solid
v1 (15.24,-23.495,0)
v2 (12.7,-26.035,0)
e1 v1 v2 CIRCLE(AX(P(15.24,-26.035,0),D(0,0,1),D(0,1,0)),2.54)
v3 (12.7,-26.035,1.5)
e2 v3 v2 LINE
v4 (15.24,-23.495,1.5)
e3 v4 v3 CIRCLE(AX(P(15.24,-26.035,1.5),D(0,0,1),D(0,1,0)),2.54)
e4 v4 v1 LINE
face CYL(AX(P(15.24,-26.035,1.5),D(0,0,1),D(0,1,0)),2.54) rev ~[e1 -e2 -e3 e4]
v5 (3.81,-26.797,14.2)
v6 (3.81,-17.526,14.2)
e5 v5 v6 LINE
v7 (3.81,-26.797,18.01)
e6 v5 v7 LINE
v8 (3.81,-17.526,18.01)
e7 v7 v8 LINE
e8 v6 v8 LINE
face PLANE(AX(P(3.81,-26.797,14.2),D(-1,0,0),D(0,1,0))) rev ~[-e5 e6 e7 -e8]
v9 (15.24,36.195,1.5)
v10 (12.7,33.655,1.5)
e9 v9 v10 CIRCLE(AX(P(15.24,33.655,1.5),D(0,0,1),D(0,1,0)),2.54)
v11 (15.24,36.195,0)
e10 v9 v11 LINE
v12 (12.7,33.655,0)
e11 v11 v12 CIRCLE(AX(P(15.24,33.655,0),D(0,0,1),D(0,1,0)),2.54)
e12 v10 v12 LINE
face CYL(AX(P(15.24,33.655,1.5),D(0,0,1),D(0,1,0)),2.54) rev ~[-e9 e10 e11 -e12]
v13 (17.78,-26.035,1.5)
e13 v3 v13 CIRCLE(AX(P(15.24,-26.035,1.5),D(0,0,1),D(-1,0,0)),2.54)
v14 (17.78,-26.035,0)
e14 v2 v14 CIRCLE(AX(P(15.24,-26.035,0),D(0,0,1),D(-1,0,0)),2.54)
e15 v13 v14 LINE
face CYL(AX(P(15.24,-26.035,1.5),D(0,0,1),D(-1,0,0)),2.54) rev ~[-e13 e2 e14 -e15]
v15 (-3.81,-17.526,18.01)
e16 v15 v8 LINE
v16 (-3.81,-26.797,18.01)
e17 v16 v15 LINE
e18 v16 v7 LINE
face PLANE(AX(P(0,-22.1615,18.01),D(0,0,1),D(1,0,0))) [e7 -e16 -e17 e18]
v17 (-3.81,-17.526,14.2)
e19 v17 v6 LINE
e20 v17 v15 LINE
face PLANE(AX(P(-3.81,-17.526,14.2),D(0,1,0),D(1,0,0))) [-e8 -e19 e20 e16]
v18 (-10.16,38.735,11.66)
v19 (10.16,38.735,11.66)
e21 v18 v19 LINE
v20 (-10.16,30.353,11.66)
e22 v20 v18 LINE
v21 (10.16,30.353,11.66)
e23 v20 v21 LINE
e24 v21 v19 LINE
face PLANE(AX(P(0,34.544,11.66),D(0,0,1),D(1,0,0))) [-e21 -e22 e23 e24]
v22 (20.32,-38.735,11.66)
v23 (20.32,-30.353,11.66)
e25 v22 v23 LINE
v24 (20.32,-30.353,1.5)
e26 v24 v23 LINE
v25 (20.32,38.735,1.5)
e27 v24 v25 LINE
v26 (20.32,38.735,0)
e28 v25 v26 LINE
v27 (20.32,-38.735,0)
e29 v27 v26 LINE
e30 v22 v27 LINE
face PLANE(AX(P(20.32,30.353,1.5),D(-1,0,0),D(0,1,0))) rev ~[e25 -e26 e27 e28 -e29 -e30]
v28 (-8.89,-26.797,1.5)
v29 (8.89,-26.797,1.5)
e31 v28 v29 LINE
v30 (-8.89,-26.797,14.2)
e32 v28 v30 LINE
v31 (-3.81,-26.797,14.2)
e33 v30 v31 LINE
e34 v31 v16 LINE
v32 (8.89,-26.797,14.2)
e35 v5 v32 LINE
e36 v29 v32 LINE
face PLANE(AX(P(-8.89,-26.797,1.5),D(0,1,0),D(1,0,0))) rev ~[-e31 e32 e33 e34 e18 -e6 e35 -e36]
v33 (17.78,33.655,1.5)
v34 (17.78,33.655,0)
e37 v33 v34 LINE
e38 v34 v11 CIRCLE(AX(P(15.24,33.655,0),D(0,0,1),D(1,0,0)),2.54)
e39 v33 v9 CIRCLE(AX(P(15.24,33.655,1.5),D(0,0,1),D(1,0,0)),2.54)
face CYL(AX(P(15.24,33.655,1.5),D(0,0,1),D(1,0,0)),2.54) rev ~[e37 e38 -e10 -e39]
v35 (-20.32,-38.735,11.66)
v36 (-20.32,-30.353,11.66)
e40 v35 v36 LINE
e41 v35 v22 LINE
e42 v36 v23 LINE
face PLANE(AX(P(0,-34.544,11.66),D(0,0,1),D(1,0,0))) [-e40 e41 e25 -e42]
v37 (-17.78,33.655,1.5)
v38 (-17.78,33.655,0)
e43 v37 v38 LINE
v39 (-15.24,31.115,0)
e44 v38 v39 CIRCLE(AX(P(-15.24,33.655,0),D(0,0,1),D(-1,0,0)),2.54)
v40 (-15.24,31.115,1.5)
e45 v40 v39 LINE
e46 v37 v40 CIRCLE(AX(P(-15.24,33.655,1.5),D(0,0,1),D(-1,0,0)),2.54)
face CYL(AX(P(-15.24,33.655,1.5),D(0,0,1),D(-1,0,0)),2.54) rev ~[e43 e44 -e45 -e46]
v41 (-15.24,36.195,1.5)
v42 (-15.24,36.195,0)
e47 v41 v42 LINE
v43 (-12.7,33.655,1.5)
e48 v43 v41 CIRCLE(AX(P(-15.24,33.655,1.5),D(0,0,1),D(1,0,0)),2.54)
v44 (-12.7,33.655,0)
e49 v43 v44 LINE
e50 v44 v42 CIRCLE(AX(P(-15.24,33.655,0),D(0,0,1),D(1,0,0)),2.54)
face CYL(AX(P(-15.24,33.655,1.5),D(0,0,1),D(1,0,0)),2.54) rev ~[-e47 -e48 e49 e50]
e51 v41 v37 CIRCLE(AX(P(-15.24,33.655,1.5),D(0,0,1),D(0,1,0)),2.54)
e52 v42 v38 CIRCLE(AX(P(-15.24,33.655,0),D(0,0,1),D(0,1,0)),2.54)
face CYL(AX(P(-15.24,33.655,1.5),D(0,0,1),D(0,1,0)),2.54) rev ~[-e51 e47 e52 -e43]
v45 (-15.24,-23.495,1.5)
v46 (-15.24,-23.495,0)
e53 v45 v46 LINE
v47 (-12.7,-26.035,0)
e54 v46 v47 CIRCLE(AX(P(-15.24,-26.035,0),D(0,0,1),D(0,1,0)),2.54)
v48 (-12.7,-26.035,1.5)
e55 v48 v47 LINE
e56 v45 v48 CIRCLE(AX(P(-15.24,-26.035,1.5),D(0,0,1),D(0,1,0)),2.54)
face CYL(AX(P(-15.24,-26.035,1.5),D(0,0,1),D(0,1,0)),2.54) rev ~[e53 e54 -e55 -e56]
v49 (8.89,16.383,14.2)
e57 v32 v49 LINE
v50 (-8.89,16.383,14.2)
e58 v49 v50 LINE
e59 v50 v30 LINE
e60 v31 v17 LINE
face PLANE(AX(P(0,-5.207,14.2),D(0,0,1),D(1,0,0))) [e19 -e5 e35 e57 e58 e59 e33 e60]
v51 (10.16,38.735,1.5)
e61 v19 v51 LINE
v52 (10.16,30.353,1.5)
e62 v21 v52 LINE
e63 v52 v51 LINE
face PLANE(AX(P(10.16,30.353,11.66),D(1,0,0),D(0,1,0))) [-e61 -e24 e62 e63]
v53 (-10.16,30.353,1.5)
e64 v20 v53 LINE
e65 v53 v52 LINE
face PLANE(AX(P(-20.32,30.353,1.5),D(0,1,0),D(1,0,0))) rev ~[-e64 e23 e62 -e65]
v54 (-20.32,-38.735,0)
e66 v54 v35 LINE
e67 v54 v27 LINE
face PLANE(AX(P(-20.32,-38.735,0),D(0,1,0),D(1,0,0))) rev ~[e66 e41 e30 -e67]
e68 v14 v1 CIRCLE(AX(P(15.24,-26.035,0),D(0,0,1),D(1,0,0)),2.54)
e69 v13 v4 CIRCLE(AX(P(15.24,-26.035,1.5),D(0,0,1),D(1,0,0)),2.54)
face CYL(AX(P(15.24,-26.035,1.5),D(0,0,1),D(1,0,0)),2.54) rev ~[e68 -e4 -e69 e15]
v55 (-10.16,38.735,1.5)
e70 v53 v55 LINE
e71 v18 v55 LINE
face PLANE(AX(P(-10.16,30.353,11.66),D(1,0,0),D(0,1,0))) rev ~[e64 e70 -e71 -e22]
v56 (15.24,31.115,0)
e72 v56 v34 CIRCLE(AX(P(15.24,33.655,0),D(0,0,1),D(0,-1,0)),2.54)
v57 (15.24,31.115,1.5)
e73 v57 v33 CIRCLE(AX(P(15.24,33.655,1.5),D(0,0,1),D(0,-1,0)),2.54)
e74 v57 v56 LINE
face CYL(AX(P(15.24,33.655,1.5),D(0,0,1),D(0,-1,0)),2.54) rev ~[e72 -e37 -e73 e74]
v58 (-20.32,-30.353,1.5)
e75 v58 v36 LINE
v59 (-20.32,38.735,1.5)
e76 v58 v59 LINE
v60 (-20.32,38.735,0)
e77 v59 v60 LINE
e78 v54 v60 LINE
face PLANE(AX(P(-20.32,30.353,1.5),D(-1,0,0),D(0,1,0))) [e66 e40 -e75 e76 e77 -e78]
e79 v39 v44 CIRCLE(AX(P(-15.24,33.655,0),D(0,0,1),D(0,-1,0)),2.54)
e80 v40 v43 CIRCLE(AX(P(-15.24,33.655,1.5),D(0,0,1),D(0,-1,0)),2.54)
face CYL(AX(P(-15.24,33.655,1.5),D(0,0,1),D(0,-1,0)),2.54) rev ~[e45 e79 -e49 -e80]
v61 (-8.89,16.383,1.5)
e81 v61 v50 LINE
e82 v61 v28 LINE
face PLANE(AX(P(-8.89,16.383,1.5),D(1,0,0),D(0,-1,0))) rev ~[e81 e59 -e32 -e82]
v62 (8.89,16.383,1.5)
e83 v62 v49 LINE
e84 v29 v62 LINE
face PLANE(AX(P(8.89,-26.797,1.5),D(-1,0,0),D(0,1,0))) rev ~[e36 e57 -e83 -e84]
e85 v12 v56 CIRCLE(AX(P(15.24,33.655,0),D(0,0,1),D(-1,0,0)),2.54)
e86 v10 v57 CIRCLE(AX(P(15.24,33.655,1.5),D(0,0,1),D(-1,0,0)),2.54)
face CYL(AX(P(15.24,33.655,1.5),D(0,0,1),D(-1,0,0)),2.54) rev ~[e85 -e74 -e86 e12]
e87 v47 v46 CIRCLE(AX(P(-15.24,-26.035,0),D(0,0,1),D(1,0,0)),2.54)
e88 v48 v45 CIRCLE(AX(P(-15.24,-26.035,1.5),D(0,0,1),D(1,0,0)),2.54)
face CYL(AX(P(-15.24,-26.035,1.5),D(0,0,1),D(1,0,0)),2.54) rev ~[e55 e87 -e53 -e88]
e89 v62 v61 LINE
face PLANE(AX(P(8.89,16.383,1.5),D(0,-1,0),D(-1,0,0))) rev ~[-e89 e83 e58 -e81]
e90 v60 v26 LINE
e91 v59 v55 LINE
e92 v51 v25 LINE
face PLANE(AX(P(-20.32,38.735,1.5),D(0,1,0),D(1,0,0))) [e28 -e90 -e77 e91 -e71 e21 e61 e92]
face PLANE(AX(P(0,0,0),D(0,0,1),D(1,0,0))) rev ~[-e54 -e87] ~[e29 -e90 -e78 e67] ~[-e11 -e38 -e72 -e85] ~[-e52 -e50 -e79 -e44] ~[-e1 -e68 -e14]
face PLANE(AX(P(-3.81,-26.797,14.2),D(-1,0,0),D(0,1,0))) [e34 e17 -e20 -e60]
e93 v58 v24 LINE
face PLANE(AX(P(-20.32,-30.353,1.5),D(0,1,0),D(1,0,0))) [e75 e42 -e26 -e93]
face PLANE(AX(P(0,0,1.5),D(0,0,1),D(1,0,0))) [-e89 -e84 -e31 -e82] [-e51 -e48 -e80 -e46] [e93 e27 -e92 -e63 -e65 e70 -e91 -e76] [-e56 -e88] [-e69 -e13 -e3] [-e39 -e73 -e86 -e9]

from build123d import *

# Parameters (mm, degrees)
F0_W      = 40.64
F0_H      = 77.47
F1_DEPTH  = 1.5
F2_W      = 40.64
F2_H      = 8.382
F3_DEPTH  = 10.16
F4_W      = 10.16
F4_H      = 8.382
F5_DEPTH  = 10.16
F7_DEPTH  = 1.5
F9_DEPTH  = 12.7
F10_W     = 7.62
F10_H     = 9.271
F11_DEPTH = 3.81


with BuildPart() as f1:
    # F0 (on Top) → F1 (new body)
    with BuildSketch(Plane.XY):
        Rectangle(F0_W, F0_H)
    extrude(amount=F1_DEPTH)

    # F2 (on face) → F3 (join)
    with BuildSketch(Plane.XY.offset(1.5)):
        with Locations((0, 34.544)):
            Rectangle(F2_W, F2_H)
        with Locations((0, -34.544)):
            Rectangle(F2_W, F2_H)
    extrude(amount=F3_DEPTH)

    # F4 (on face) → F5 (cut, through all)
    with BuildSketch(Plane.XY.offset(11.66)):
        with Locations((-15.24, 34.544)):
            Rectangle(F4_W, F4_H)
        with Locations((15.24, 34.544)):
            Rectangle(F4_W, F4_H)
    extrude(amount=-F5_DEPTH, mode=Mode.SUBTRACT)

    # F6 (on face) → F7 (cut, through all)
    with BuildSketch(Plane.XY.offset(1.5)):
        with BuildLine():
            ThreePointArc((-15.24, 31.115), (-13.4439487758, 31.8589487758), (-12.7, 33.655))
            ThreePointArc((-12.7, 33.655), (-13.4439487758, 35.4510512242), (-15.24, 36.195))
            ThreePointArc((-15.24, 36.195), (-17.0360512242, 35.4510512242), (-17.78, 33.655))
            ThreePointArc((-17.78, 33.655), (-17.0360512242, 31.8589487758), (-15.24, 31.115))
        make_face()
        with BuildLine():
            ThreePointArc((15.24, 36.195), (13.4439487758, 35.4510512242), (12.7, 33.655))
            ThreePointArc((12.7, 33.655), (13.4439487758, 31.8589487758), (15.24, 31.115))
            ThreePointArc((15.24, 31.115), (17.0360512242, 31.8589487758), (17.78, 33.655))
            ThreePointArc((17.78, 33.655), (17.0360512242, 35.4510512242), (15.24, 36.195))
        make_face()
        with BuildLine():
            ThreePointArc((17.78, -26.035), (17.0360512242, -24.2389487758), (15.24, -23.495))
            ThreePointArc((15.24, -23.495), (13.4439487758, -24.2389487758), (12.7, -26.035))
            ThreePointArc((12.7, -26.035), (15.24, -28.575), (17.78, -26.035))
        make_face()
        with BuildLine():
            ThreePointArc((-15.24, -23.495), (-17.0360512242, -27.8310512242), (-12.7, -26.035))
            ThreePointArc((-12.7, -26.035), (-13.4439487758, -24.2389487758), (-15.24, -23.495))
        make_face()
    extrude(amount=-F7_DEPTH, mode=Mode.SUBTRACT)

    # F8 (on face) → F9 (join)
    with BuildSketch(Plane.XY.offset(1.5)):
        Polygon((8.89, -26.797), (8.89, 16.383), (0, 16.383), (-8.89, 16.383), (-8.89, -26.797), align=None)
    extrude(amount=F9_DEPTH)

    # F10 (on face) → F11 (join)
    with BuildSketch(Plane.XY.offset(14.2)):
        with Locations((0, -22.1615)):
            Rectangle(F10_W, F10_H)
    extrude(amount=F11_DEPTH)


solid = f1.part
